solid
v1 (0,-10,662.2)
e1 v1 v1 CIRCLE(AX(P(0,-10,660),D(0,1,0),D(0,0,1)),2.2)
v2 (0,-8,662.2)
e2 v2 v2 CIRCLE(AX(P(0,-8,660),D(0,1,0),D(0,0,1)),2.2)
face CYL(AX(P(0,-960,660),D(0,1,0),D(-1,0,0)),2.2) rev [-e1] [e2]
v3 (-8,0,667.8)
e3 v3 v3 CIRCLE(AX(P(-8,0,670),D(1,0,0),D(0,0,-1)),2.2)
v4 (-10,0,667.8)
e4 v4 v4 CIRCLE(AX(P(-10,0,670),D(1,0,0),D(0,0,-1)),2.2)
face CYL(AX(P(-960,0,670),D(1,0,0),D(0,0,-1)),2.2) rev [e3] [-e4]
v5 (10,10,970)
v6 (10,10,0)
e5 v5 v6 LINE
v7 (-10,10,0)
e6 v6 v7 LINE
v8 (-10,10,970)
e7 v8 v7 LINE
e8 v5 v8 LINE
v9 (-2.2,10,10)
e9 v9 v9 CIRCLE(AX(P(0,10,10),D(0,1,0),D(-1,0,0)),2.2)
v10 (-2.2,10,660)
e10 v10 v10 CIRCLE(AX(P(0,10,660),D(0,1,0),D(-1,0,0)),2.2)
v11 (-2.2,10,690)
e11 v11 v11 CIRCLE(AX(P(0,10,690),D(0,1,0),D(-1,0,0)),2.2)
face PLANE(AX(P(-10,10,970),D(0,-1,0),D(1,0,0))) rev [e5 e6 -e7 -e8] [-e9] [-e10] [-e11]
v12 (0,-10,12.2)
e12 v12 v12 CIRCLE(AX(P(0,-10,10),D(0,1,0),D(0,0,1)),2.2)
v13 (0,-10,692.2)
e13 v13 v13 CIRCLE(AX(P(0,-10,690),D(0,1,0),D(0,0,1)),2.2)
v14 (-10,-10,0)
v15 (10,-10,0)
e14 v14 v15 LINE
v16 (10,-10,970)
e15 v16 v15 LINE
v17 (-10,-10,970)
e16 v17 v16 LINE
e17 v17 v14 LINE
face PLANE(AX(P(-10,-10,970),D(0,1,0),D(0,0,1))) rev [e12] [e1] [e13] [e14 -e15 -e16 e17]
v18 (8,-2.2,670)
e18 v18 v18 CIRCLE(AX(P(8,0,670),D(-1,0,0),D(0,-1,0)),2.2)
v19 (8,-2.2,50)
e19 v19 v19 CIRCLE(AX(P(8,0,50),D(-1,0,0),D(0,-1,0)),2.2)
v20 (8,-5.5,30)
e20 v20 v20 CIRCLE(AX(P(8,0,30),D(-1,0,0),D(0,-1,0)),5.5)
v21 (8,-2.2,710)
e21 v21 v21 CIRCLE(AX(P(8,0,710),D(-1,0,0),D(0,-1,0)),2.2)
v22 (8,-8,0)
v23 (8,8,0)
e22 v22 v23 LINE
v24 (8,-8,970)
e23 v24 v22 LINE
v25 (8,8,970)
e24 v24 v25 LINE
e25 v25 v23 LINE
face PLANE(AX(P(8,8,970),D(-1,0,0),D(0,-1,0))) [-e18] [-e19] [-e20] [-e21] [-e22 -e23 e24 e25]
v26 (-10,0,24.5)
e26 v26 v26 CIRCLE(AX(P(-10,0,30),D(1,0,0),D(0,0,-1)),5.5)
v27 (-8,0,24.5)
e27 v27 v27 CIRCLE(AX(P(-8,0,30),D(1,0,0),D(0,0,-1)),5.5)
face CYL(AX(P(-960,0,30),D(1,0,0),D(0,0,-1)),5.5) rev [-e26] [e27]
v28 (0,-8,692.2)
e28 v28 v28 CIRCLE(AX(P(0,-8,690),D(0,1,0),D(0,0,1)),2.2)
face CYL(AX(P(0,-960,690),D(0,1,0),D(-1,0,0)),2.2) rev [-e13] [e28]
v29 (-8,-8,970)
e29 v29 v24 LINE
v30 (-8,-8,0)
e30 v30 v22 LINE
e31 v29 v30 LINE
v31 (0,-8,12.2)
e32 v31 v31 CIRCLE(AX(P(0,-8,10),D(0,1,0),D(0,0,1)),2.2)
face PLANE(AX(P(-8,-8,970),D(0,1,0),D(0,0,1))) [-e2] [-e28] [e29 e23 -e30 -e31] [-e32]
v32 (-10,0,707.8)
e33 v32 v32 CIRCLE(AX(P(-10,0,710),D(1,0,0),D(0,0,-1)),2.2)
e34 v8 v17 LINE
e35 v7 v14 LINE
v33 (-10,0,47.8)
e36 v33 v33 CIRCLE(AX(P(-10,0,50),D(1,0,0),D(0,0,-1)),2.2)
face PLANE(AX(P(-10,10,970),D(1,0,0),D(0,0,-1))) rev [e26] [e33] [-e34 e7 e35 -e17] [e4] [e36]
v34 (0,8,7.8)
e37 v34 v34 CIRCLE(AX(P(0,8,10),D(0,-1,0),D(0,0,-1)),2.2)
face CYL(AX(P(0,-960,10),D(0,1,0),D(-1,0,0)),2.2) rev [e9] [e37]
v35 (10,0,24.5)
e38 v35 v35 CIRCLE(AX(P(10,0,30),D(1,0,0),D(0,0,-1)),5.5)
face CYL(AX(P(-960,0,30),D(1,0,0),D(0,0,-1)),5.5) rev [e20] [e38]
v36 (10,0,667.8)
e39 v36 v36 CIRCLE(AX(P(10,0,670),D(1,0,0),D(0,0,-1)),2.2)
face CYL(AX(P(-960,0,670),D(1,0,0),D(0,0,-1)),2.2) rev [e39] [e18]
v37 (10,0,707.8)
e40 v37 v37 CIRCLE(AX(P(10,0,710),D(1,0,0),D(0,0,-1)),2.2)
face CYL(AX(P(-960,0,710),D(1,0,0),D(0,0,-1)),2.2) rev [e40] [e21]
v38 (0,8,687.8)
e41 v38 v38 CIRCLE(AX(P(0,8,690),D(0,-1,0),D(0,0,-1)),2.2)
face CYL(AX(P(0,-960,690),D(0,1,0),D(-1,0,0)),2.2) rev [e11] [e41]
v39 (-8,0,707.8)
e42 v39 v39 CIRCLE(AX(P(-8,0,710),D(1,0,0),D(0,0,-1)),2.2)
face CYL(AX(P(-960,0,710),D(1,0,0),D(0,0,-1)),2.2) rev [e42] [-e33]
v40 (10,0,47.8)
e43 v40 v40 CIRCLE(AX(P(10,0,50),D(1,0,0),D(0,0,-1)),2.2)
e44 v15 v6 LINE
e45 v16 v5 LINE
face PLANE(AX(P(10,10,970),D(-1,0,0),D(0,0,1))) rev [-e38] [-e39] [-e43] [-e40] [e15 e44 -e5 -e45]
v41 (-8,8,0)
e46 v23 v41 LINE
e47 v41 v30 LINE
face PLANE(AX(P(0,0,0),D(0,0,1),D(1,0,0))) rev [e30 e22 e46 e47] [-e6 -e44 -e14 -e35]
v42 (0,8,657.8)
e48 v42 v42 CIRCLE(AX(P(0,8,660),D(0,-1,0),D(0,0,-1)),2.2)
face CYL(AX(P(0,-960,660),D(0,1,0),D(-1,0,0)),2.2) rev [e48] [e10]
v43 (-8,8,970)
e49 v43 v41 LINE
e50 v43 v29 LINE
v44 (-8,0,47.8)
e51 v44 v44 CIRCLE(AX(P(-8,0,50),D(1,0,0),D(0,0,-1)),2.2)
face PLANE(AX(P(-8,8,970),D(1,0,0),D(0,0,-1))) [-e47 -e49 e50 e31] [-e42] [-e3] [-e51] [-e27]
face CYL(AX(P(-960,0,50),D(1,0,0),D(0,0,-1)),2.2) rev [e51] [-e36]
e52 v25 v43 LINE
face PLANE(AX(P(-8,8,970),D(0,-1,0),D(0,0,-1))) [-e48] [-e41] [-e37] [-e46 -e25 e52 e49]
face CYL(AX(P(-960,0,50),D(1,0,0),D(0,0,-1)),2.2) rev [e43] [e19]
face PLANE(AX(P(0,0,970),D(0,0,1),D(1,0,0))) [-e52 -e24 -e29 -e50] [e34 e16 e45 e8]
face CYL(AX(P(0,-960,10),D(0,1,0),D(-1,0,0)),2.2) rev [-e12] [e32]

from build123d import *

# Parameters (mm, degrees)
SKETCH_1_W          = 20
SKETCH_1_H          = 20
SKETCH_1_W_2        = 16
SKETCH_1_H_2        = 16
EXTRUDE_1_DEPTH     = 970
SKETCH_2_R          = 2.2
SKETCH_2_R_2        = 5.5
CUT_EXTRUDE_1_DEPTH = 970
SKETCH_3_R          = 2.2
CUT_EXTRUDE_2_DEPTH = 970


with BuildPart() as part:
    # ｽｹｯﾁ1 → ﾎﾞｽ - 押し出し1 (new body)
    with BuildSketch(Plane.XY):
        Rectangle(SKETCH_1_W, SKETCH_1_H)
        Rectangle(SKETCH_1_W_2, SKETCH_1_H_2, mode=Mode.SUBTRACT)
    extrude(amount=EXTRUDE_1_DEPTH)

    # ｽｹｯﾁ2 → ｶｯﾄ - 押し出し1 (cut)
    with BuildSketch(Plane(origin=(10, 0, 0), x_dir=(0, 0, -1), z_dir=(1, 0, 0))):
        with Locations((-710, 0)):
            Circle(SKETCH_2_R)
        with Locations((-670, 0)):
            Circle(SKETCH_2_R)
        with Locations((-50, 0)):
            Circle(SKETCH_2_R)
        with Locations((-30, 0)):
            Circle(SKETCH_2_R_2)
    extrude(amount=-CUT_EXTRUDE_1_DEPTH, mode=Mode.SUBTRACT)

    # ｽｹｯﾁ3 → ｶｯﾄ - 押し出し2 (cut)
    with BuildSketch(Plane(origin=(0, 10, 0), x_dir=(1, 0, 0), z_dir=(0, 1, 0))):
        with Locations((0, -690)):
            Circle(SKETCH_3_R)
        with Locations((0, -660)):
            Circle(SKETCH_3_R)
        with Locations((0, -10)):
            Circle(SKETCH_3_R)
    extrude(amount=-CUT_EXTRUDE_2_DEPTH, mode=Mode.SUBTRACT)


solid = part.part
